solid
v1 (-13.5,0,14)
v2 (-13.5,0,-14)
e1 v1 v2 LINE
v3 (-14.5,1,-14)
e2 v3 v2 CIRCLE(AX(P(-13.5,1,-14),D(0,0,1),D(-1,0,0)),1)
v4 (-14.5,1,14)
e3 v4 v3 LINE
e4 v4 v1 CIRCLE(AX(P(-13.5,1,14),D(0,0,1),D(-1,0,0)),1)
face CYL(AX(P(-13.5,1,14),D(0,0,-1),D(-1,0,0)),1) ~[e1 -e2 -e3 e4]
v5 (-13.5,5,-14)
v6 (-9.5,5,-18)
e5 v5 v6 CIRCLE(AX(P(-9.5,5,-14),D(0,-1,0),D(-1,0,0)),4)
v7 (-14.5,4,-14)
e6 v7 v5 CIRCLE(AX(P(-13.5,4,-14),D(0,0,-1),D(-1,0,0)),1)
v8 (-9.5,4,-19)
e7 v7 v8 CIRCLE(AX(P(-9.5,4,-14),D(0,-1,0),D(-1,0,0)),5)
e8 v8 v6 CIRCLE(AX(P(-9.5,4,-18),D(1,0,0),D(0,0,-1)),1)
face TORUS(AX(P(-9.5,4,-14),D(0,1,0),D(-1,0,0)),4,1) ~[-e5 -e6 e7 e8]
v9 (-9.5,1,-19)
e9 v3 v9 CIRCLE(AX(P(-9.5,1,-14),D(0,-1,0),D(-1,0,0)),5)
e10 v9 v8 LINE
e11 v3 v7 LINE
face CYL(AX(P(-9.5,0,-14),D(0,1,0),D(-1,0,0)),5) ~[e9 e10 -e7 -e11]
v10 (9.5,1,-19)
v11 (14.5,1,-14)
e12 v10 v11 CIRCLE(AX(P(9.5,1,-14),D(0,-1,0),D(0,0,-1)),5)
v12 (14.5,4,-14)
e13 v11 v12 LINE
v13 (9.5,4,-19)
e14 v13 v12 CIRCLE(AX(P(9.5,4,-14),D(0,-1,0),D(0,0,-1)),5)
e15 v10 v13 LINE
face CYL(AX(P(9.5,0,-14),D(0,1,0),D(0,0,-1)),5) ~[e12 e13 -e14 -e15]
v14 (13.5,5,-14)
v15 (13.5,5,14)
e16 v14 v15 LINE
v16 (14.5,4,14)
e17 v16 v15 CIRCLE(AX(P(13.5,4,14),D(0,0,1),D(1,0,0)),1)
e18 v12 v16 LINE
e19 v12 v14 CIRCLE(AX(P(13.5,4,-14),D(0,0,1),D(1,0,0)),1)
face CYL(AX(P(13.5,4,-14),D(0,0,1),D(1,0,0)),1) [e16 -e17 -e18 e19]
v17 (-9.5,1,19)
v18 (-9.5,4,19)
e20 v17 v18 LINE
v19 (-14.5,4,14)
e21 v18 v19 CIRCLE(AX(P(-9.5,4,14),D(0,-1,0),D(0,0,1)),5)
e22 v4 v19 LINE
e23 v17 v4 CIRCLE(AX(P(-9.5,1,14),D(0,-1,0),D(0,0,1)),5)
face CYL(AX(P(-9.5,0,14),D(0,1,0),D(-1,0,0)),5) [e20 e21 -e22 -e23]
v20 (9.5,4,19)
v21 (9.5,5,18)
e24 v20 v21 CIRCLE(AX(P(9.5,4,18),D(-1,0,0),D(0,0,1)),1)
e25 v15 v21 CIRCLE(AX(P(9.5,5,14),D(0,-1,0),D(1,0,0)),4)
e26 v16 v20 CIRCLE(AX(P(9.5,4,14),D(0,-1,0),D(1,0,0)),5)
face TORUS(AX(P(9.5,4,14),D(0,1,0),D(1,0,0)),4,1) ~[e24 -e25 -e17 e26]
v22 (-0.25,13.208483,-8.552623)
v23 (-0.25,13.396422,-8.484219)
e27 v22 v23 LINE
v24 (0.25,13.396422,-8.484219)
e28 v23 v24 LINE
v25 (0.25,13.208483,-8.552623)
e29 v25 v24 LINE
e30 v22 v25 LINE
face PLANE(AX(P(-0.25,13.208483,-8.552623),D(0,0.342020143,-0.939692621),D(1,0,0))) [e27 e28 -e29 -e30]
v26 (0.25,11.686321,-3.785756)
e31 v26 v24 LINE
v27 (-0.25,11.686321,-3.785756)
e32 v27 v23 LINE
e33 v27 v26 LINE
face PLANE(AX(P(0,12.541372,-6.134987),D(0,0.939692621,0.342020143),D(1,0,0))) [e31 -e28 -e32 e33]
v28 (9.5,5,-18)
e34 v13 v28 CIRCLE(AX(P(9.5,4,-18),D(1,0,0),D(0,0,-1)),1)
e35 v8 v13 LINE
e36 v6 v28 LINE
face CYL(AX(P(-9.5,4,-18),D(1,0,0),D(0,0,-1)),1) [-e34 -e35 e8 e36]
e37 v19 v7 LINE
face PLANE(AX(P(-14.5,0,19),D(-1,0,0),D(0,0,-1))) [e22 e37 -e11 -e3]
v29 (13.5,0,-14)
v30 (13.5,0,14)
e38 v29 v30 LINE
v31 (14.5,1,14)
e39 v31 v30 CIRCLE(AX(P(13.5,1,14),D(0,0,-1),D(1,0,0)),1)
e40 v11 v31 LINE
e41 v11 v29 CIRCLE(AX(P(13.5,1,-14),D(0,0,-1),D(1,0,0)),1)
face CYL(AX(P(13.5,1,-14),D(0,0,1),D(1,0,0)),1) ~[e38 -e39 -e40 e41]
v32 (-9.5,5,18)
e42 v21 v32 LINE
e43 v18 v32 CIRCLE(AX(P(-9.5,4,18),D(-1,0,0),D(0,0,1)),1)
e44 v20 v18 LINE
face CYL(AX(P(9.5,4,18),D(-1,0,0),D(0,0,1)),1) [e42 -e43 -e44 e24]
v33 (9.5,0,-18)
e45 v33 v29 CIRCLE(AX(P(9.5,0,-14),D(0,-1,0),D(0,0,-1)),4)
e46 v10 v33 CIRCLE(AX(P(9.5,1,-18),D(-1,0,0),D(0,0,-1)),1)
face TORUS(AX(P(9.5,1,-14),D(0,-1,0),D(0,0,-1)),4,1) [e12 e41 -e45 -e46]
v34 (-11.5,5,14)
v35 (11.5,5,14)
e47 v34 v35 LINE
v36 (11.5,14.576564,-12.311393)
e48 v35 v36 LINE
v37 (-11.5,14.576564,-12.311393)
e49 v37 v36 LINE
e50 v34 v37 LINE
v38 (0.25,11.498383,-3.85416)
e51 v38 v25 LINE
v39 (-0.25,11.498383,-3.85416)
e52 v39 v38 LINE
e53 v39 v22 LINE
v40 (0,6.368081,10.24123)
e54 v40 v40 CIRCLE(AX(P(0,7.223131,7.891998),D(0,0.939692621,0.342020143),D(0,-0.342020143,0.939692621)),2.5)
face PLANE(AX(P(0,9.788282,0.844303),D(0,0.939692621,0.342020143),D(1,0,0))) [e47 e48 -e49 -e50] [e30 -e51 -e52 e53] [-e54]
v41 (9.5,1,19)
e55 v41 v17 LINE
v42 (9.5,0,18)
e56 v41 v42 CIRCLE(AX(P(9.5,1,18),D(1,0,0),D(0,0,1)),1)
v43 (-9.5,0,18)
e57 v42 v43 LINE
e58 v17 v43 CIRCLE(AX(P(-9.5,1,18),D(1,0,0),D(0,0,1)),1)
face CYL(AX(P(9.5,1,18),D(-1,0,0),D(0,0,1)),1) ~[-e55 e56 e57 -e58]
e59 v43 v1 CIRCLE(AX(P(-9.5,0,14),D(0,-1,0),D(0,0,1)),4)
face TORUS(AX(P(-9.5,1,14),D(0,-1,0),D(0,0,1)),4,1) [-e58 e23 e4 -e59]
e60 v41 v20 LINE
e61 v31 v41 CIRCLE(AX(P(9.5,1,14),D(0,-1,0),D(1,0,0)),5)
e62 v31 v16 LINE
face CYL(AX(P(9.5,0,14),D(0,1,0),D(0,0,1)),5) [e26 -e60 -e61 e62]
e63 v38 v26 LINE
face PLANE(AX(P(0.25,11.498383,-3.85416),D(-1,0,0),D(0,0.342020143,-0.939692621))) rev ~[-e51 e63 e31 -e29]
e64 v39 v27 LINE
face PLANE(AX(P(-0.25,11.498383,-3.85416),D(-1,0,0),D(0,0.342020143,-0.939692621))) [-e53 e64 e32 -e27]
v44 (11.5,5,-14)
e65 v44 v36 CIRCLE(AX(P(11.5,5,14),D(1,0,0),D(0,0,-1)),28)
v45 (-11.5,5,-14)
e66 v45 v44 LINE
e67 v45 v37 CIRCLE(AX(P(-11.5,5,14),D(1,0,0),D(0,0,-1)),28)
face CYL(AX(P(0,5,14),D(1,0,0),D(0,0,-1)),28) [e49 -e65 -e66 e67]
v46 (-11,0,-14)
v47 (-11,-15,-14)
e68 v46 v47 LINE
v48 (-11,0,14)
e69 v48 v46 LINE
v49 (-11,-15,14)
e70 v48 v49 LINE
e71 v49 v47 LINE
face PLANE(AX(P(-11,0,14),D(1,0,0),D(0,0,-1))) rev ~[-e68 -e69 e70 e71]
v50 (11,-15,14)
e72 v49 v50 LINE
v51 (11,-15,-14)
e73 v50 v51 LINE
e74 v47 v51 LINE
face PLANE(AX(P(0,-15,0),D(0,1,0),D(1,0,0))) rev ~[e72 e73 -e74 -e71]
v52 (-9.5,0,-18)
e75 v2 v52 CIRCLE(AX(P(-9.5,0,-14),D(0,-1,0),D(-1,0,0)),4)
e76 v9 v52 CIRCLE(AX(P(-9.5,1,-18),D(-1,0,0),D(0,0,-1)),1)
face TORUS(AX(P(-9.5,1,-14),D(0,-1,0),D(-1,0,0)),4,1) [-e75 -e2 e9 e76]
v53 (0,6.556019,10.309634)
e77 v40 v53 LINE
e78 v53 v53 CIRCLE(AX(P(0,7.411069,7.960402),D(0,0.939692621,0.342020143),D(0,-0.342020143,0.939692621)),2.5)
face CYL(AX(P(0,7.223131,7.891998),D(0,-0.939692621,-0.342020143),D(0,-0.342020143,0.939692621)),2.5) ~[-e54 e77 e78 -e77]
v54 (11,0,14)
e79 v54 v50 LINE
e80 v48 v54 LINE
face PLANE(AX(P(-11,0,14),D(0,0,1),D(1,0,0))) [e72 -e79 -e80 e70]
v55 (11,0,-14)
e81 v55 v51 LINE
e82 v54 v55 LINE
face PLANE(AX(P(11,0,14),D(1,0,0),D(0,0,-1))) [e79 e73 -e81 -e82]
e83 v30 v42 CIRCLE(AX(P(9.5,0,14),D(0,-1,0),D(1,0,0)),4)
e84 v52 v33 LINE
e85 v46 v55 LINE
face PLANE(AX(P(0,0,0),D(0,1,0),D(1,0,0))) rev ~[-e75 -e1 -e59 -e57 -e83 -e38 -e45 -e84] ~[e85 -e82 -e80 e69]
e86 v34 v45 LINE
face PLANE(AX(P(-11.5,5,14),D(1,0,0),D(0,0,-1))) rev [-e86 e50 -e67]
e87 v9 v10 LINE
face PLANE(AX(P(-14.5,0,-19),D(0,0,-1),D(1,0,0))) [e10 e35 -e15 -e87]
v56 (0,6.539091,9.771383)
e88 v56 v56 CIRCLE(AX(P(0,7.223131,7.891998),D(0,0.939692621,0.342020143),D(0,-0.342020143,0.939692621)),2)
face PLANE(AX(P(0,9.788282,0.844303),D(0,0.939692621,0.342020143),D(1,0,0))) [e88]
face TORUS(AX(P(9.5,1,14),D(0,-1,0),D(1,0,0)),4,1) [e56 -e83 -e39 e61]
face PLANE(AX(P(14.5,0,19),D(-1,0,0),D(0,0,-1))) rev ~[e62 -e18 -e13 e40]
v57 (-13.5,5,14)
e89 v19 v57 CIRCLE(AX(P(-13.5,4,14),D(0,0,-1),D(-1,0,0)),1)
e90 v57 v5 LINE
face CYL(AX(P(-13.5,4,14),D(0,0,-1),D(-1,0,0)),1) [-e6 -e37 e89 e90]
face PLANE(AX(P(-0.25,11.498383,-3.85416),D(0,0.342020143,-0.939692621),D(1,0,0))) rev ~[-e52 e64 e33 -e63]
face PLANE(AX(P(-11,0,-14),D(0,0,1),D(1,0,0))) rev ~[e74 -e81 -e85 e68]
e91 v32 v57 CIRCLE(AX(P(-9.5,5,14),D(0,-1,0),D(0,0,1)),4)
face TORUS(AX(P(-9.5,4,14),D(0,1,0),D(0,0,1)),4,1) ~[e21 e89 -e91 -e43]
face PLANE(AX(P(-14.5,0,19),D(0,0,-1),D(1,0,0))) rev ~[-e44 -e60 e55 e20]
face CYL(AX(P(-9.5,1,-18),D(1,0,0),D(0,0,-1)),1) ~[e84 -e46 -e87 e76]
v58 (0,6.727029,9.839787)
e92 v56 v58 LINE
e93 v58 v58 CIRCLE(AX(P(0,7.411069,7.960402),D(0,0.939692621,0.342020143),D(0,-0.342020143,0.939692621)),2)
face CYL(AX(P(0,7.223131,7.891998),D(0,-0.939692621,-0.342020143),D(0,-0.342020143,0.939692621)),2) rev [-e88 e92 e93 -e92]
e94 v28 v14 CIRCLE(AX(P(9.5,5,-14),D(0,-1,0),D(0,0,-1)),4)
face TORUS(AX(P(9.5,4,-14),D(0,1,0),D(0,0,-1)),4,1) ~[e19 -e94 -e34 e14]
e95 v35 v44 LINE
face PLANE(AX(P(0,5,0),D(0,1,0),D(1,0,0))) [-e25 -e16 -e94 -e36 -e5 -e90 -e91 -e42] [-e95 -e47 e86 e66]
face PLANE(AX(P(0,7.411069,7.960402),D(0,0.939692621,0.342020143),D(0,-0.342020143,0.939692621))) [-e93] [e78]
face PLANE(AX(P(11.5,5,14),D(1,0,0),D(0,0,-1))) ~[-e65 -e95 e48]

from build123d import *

# Parameters (mm, degrees)
SKETCH_1_W      = 22
SKETCH_1_H      = 28
EXTRUDE_2_DEPTH = 15
SKETCH_1_5_W    = 29
SKETCH_1_5_H    = 38
EXTRUDE_3_DEPTH = 5
SKETCH_2_W      = 23
SKETCH_2_H      = 28
REVOLVE_1_ANGLE = 20
SKETCH_3_R      = 2.5
SKETCH_3_R_2    = 2
EXTRUDE_4_DEPTH = 0.2
FILLET_1_R      = 5
FILLET_2_R      = 1


with BuildPart() as part:
    # 草图1 → 凸台-拉伸2 (new body)
    with BuildSketch(Plane(origin=(0, 0, 0), x_dir=(1, 0, 0), z_dir=(0, 1, 0))):
        Rectangle(SKETCH_1_W, SKETCH_1_H)
    extrude(amount=-EXTRUDE_2_DEPTH)

    # 草图1<5> → 凸台-拉伸3 (add)
    with BuildSketch(Plane(origin=(0, 0, 0), x_dir=(1, 0, 0), z_dir=(0, 1, 0))):
        Rectangle(SKETCH_1_5_W, SKETCH_1_5_H)
    extrude(amount=EXTRUDE_3_DEPTH)

    # 草图2 → 旋转1 (revolve)
    with BuildSketch(Plane(origin=(0, 5, 0), x_dir=(1, 0, 0), z_dir=(0, 1, 0))):
        Rectangle(SKETCH_2_W, SKETCH_2_H)
    revolve(axis=Axis((-11.5, 5, 14), (1, 0, 0)), revolution_arc=REVOLVE_1_ANGLE)

    # 草图3 → 凸台-拉伸4 (add)
    # profile 1 of 2: a face of its own
    with BuildSketch(Plane(origin=(0, 8.914624376, 3.244657922), x_dir=(1, 0, 0), z_dir=(0, 0.9396926207859082, 0.34202014332566943))):
        with Locations((0, -4.945595974)):
            Circle(SKETCH_3_R)
        with Locations((0, -4.945595974)):
            Circle(SKETCH_3_R_2, mode=Mode.SUBTRACT)
    # profile 2 of 2: a face of its own
    with BuildSketch(Plane(origin=(0, 8.914624376, 3.244657922), x_dir=(1, 0, 0), z_dir=(0, 0.9396926207859082, 0.34202014332566943))):
        Polygon((-0.25, 7.554404026), (0, 7.554404026), (0.25, 7.554404026), (0.25, 12.554404026), (-0.25, 12.554404026), align=None)
    extrude(amount=EXTRUDE_4_DEPTH)

    # 圆角1
    fillet_1_edges = [part.edges().sort_by_distance(p)[0] for p in [
        (-14.5, 2.5, -19),
        (14.5, 2.5, -19),
        (14.5, 2.5, 19),
        (-14.5, 2.5, 19),
    ]]
    fillet(fillet_1_edges, radius=FILLET_1_R)

    # 圆角2
    fillet_2_edges = [part.edges().sort_by_distance(p)[0] for p in [
        (13.035533906, 0, -17.535533906),
        (0, 0, -19),
        (-13.035533906, 0, -17.535533906),
        (-14.5, 0, 0),
        (-13.035533906, 0, 17.535533906),
        (0, 0, 19),
        (13.035533906, 0, 17.535533906),
        (13.035533906, 5, -17.535533906),
        (0, 5, -19),
        (-13.035533906, 5, -17.535533906),
        (-14.5, 5, 0),
        (-13.035533906, 5, 17.535533906),
        (0, 5, 19),
        (13.035533906, 5, 17.535533906),
        (14.5, 0, 0),
        (14.5, 5, 0),
    ]]
    fillet(fillet_2_edges, radius=FILLET_2_R)


solid = part.part
